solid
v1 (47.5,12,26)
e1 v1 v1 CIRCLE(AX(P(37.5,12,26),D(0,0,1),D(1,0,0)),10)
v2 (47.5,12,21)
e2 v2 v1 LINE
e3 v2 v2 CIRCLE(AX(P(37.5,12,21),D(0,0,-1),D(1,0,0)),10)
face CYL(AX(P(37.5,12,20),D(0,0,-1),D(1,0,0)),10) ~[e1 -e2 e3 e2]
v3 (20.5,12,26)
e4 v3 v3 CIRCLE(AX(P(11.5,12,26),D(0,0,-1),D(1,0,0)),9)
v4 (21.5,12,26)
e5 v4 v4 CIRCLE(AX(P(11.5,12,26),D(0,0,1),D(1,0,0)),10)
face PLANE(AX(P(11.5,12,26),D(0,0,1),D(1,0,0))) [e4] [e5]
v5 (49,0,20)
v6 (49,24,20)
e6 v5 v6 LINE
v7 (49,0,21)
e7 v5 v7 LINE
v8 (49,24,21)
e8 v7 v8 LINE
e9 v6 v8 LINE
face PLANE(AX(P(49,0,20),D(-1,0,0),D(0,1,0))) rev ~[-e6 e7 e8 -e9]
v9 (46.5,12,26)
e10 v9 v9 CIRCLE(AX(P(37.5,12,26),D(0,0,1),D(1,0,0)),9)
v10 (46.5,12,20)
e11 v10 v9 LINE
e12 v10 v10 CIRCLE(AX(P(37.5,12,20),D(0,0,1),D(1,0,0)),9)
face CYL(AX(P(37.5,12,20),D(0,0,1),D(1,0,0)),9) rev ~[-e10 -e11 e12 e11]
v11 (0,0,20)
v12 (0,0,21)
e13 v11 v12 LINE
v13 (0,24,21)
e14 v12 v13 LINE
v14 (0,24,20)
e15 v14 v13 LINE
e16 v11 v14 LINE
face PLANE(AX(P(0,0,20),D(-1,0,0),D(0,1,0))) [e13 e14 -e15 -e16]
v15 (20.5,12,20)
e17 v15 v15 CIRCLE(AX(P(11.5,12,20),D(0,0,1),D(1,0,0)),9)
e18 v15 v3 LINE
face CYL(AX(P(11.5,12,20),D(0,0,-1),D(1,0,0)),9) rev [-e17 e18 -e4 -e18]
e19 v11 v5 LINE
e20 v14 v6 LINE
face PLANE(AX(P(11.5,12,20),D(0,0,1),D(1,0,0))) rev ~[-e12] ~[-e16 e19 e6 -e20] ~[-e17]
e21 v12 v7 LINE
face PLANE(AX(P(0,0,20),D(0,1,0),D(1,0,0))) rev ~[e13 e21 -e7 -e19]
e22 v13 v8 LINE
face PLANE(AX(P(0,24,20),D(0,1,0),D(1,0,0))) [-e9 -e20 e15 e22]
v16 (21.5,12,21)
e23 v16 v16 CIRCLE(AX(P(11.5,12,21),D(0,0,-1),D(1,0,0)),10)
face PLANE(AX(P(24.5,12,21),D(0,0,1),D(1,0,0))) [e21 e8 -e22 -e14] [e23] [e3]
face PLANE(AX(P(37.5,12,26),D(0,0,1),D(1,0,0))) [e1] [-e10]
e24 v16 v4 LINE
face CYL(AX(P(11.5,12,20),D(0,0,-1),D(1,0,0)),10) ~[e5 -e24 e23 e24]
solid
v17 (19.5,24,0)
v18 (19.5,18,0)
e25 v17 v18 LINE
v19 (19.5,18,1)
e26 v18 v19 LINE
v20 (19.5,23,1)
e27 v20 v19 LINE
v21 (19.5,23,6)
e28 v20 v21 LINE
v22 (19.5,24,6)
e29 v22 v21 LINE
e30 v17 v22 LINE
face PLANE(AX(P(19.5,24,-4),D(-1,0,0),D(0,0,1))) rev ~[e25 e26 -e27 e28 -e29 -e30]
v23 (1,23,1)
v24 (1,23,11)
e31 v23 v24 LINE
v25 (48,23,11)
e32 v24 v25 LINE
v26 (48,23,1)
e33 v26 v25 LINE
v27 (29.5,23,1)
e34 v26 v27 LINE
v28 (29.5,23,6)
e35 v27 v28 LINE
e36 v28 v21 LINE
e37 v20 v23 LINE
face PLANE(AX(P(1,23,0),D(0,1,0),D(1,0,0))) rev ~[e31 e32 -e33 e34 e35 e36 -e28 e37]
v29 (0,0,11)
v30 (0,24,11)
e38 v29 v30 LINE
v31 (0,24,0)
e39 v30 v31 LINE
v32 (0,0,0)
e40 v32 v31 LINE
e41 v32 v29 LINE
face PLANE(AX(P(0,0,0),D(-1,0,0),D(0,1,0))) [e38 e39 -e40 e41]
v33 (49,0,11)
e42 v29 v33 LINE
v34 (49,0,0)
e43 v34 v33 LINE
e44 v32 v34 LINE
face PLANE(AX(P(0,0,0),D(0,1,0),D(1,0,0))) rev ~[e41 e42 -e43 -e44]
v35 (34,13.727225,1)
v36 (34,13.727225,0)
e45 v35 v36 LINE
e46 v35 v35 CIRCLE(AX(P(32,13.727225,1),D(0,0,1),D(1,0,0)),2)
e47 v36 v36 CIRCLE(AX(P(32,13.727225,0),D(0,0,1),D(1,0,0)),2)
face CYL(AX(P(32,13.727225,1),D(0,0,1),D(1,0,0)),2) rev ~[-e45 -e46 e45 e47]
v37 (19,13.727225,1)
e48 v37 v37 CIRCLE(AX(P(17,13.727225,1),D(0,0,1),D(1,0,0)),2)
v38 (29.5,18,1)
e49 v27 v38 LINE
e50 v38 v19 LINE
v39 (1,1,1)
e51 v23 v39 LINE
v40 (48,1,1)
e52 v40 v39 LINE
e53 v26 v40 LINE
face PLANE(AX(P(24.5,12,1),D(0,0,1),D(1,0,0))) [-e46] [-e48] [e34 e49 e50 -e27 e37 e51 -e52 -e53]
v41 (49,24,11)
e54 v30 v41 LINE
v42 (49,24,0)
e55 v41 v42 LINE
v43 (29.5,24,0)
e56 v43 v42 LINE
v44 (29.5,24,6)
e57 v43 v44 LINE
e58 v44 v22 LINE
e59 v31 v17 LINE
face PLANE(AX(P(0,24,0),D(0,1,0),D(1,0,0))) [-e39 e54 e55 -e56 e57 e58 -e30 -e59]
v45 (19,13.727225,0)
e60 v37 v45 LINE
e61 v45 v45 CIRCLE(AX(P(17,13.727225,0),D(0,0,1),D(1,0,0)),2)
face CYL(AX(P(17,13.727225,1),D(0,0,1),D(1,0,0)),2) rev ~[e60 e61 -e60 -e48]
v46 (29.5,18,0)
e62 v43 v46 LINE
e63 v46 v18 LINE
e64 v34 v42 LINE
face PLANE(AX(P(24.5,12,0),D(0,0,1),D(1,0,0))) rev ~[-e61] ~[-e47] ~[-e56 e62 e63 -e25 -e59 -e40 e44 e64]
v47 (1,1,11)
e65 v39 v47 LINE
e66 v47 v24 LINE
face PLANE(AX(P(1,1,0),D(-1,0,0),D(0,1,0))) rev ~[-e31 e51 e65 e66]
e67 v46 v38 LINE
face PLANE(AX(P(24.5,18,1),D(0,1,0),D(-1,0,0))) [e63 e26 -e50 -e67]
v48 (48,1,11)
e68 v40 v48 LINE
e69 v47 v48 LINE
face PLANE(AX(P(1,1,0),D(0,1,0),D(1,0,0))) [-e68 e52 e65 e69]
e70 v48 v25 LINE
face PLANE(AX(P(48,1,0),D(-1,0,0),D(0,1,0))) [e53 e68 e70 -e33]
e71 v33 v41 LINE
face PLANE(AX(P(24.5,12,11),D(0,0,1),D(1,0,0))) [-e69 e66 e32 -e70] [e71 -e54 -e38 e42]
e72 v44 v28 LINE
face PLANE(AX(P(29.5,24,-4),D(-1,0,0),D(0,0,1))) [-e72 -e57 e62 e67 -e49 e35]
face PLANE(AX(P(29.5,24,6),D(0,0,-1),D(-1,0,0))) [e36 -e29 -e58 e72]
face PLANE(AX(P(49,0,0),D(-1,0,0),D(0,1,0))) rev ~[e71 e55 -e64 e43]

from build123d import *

# Parameters (mm, degrees)
SKETCH_W        = 49
SKETCH_H        = 24
PAD_DEPTH       = 1
SKETCH001_R     = 10
PAD001_DEPTH    = 6
SKETCH002_R     = 9
POCKET_DEPTH    = 10
SKETCH003_W     = 49
SKETCH003_H     = 24
PAD002_DEPTH    = 1
SKETCH004_W     = 49
SKETCH004_H     = 24
SKETCH004_W_2   = 47
SKETCH004_H_2   = 22
PAD003_DEPTH    = 11
SKETCH005_W     = 10
SKETCH005_H     = 10
POCKET001_DEPTH = 6
SKETCH006_R     = 2
POCKET002_DEPTH = 5


with BuildPart() as front:
    # Sketch → Pad (new body)
    with BuildSketch(Plane.XY.offset(20)):
        with Locations((24.5, 12)):
            Rectangle(SKETCH_W, SKETCH_H)
    extrude(amount=PAD_DEPTH)

    # Sketch001 → Pad001 (join)
    with BuildSketch(Plane.XY.offset(20)):
        with Locations((11.5, 12)):
            Circle(SKETCH001_R)
        with Locations((37.5, 12)):
            Circle(SKETCH001_R)
    extrude(amount=PAD001_DEPTH)

    # Sketch002 → Pocket (cut, symmetric)
    with BuildSketch(Plane.XY.offset(20)):
        with Locations((11.5, 12)):
            Circle(SKETCH002_R)
        with Locations((37.5, 12)):
            Circle(SKETCH002_R)
    extrude(amount=POCKET_DEPTH, both=True, mode=Mode.SUBTRACT)


with BuildPart() as rear:
    # Sketch003 → Pad002 (new body)
    with BuildSketch(Plane.XY):
        with Locations((24.5, 12)):
            Rectangle(SKETCH003_W, SKETCH003_H)
    extrude(amount=PAD002_DEPTH)

    # Sketch004 → Pad003 (join)
    with BuildSketch(Plane.XY):
        with Locations((24.5, 12)):
            Rectangle(SKETCH004_W, SKETCH004_H)
        with Locations((24.5, 12)):
            Rectangle(SKETCH004_W_2, SKETCH004_H_2, mode=Mode.SUBTRACT)
    extrude(amount=PAD003_DEPTH)

    # Sketch005 (on Face5 of Pad003) → Pocket001 (cut)
    with BuildSketch(Plane(origin=(0, 24, 0), x_dir=(-1, 0, 0), z_dir=(0, 1, 0))):
        with Locations((-24.5, 1)):
            Rectangle(SKETCH005_W, SKETCH005_H)
    extrude(amount=-POCKET001_DEPTH, mode=Mode.SUBTRACT)

    # Sketch006 (on Face12 of Pocket001) → Pocket002 (cut)
    with BuildSketch(Plane.XY.offset(1)):
        with Locations((17, 13.727225)):
            Circle(SKETCH006_R)
        with Locations((32, 13.727225)):
            Circle(SKETCH006_R)
    extrude(amount=-POCKET002_DEPTH, mode=Mode.SUBTRACT)


solid = Compound([front.part, rear.part])
